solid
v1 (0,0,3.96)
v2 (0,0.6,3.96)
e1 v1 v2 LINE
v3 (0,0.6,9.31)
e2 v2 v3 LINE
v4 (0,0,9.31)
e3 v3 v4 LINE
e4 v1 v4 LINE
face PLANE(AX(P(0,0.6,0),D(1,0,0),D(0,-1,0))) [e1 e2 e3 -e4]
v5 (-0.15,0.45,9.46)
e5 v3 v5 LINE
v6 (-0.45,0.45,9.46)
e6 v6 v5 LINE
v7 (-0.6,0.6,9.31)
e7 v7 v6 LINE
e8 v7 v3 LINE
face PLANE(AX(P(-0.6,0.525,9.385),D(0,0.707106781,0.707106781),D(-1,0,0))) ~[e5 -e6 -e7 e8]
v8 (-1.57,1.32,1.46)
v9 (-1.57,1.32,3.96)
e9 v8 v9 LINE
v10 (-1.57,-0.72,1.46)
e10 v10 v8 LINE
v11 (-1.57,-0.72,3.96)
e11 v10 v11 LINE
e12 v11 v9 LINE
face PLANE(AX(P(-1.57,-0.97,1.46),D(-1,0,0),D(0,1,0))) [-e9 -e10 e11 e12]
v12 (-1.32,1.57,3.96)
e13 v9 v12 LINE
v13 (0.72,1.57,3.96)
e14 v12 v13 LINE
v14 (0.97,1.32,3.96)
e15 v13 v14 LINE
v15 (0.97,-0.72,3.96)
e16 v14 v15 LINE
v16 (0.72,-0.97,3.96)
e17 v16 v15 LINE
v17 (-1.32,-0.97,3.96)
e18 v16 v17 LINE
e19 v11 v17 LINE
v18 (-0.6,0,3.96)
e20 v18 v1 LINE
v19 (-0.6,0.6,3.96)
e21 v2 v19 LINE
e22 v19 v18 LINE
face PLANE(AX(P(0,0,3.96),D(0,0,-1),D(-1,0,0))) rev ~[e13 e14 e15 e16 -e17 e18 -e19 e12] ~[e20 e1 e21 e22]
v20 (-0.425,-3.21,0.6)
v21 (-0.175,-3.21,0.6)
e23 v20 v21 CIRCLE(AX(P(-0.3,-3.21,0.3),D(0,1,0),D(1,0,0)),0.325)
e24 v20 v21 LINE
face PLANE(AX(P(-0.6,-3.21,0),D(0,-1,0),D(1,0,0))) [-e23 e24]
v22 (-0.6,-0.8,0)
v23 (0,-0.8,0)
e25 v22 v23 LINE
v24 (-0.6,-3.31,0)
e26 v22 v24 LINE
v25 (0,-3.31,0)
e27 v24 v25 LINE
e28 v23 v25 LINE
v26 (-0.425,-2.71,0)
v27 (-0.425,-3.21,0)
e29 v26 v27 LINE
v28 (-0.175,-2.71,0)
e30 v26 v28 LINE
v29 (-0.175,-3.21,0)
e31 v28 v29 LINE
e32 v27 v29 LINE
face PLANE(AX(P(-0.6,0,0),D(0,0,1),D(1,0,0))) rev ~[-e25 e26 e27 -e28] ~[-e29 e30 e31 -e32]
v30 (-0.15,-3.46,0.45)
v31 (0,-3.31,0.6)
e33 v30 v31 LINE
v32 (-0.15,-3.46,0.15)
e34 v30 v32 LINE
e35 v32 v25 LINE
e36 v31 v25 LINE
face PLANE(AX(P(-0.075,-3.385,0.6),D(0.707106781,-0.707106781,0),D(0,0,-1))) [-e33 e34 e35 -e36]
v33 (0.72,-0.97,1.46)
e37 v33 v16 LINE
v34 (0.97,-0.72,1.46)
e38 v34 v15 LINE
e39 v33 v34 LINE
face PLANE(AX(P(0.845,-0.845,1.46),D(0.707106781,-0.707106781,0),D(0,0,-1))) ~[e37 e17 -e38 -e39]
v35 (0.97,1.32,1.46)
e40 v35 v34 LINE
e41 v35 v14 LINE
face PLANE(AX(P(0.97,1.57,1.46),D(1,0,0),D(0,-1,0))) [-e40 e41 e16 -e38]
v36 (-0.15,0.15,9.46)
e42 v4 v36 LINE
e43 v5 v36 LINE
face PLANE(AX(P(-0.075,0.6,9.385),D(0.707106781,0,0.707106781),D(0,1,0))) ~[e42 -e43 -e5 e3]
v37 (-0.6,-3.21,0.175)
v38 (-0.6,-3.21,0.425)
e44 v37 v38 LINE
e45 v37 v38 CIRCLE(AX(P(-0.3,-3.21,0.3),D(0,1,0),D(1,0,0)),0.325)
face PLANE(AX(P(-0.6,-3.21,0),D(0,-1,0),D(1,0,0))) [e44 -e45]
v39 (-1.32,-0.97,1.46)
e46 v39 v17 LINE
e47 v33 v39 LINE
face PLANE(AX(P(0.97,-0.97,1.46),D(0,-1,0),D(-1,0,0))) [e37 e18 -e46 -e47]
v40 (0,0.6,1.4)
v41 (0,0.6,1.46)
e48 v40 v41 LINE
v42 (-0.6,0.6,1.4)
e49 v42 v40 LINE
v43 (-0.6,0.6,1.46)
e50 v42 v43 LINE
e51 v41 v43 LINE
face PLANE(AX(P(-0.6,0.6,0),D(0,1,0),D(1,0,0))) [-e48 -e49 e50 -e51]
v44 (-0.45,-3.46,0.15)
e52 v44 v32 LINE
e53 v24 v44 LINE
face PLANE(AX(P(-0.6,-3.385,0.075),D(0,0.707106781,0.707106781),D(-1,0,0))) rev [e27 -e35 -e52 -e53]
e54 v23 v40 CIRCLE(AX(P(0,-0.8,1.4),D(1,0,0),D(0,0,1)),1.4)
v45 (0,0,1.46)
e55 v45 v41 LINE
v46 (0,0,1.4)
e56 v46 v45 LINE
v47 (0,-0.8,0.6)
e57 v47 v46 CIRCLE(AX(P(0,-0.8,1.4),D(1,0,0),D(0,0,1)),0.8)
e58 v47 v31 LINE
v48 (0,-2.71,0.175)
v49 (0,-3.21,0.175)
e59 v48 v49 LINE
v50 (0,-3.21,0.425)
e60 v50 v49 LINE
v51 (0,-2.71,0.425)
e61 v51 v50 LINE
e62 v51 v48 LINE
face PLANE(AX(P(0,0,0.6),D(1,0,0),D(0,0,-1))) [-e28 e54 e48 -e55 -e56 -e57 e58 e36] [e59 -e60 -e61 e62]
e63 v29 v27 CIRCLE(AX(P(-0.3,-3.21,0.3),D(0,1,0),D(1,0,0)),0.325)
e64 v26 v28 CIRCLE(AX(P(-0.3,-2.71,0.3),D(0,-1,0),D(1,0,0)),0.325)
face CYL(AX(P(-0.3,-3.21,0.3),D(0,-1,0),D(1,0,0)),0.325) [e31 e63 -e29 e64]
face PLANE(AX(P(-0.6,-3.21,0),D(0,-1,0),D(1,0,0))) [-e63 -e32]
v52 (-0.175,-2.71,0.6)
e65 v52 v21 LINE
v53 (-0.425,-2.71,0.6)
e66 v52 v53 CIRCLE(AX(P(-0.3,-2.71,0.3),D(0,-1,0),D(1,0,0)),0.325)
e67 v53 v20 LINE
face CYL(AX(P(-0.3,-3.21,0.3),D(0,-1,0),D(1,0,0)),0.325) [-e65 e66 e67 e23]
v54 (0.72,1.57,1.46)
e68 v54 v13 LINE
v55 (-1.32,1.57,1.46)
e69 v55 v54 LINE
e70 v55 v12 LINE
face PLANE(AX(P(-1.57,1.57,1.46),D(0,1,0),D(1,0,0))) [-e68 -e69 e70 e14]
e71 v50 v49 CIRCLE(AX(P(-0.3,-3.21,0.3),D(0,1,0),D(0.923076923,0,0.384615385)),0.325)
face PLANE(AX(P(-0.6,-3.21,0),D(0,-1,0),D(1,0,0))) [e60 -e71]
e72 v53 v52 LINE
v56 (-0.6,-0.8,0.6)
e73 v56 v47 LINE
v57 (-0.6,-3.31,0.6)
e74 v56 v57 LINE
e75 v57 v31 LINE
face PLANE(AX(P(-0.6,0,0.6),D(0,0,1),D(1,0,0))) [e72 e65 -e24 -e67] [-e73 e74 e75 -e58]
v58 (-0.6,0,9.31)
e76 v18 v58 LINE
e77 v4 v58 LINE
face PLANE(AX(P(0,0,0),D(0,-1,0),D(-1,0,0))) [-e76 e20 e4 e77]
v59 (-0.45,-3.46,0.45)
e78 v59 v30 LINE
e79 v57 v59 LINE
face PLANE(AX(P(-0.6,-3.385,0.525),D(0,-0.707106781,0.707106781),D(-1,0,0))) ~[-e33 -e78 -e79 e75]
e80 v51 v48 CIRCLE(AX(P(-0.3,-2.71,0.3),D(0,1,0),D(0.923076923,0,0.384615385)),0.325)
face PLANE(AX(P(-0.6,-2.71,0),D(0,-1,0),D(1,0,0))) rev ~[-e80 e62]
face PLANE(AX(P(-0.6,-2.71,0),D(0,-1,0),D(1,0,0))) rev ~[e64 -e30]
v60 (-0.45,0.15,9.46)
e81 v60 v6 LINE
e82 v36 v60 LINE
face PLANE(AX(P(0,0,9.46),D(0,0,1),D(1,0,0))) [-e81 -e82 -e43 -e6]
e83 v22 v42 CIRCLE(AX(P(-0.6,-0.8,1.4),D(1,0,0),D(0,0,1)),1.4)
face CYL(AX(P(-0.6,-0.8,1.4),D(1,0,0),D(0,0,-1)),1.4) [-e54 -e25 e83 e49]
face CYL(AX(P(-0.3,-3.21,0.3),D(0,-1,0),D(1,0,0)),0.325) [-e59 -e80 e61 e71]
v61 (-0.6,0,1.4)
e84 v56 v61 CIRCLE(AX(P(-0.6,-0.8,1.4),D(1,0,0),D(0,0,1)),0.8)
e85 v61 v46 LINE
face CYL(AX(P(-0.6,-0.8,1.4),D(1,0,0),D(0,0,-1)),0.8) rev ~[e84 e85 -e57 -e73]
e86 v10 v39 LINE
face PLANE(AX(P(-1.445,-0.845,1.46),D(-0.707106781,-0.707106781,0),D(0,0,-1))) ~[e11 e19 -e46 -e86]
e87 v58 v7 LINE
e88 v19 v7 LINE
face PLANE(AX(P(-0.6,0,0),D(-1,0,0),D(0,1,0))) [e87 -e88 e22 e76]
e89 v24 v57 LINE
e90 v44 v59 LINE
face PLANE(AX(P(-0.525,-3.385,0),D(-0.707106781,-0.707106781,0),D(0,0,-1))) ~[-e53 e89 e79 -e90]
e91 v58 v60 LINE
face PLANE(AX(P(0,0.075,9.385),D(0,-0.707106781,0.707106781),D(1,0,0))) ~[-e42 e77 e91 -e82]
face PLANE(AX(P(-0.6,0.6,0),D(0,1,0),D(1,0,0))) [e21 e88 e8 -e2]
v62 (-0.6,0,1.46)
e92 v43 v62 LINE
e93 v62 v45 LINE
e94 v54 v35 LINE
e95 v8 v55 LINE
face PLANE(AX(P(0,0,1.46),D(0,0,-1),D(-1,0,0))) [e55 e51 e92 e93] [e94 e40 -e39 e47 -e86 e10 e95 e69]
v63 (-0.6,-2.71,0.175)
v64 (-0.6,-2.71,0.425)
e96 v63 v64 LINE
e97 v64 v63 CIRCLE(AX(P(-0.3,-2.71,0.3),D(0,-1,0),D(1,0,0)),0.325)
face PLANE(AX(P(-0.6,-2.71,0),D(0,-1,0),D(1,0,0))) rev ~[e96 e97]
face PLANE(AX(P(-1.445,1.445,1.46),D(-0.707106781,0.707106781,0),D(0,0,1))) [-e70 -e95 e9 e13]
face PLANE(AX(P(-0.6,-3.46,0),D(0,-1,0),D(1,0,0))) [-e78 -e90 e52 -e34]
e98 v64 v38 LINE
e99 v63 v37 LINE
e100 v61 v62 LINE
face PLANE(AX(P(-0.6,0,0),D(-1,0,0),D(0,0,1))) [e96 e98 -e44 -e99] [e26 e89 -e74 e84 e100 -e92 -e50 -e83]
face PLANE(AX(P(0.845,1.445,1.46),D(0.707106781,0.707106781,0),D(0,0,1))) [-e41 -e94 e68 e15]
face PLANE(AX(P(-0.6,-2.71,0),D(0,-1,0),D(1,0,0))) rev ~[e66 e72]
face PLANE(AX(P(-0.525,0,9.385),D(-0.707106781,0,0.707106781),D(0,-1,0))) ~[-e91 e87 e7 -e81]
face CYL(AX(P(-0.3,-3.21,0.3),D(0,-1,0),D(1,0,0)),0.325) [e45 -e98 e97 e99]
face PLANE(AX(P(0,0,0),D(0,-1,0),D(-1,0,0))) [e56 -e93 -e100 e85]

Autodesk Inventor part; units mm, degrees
ref_plane "YZ Plane" through (0, 0, 0) normal (1, 0, 0) x (0, 1, 0)
sketch "Skizze2" plane through (0, 0, 0) normal (0, 0, 1) x (1, 0, 0)
  line L0 (0, 0) -> (-0.6, 0)
  line L1 (-0.6, 0) -> (-0.6, 0.6)
  line L2 (-0.6, 0.6) -> (0, 0.6)
  line L3 (0, 0.6) -> (0, 0)
  dimension "d0" = 0.6
  dimension "d1" = 0.6
extrude "Extrusion1" add sketch "Skizze2" along normal blind 9.46
ref_plane "Arbeitsebene1" through (0, 0, 1.46) normal (0, 0, -1) x (-1, 0, 0)
sketch "Skizze3" plane through (0, 0, 1.46) normal (0, 0, -1) x (-1, 0, 0)
  line L0 (1.57, 1.57) -> (-0.97, 1.57)
  line L1 (-0.97, 1.57) -> (-0.97, -0.97)
  line L2 (-0.97, -0.97) -> (1.57, -0.97)
  line L3 (1.57, -0.97) -> (1.57, 1.57)
  line L4 (0.6, 0) -> (0.6, 0.6) projected
  line L5 (0, 0.6) -> (0.6, 0.6) projected
  point P0 (0, 0)
  dimension "d5" = 2.54
  dimension "d6" = 2.54
  dimension "d7" = 0.97
  dimension "d8" = 0.97
extrude "Extrusion2" add sketch "Skizze3" against normal blind 2.5
chamfer "Fase1" distance 0.25 angle 45 4 edges at (0.97, -0.97, 2.71) (-1.57, -0.97, 2.71) (-1.57, 1.57, 2.71) (0.97, 1.57, 2.71)
sketch "Skizze8" plane through (-0.6, 0, 0) normal (0, -1, 0) x (1, 0, 0)
  line L0 (0, 0) -> (0.6, 0) projected
  line L1 (0, 0) -> (0, 1.46) projected
  line L2 (0.6, 0) -> (0, 0)
  line L3 (0, 0) -> (0, 0.6)
  line L4 (0, 0.6) -> (0.6, 0.6)
  line L5 (0.6, 0.6) -> (0.6, 0)
  dimension "d33" = 0.6
extrude "Extrusion6" add sketch "Skizze8" along normal blind 3.46
chamfer "Fase3" distance 0.15 angle 45 8 edges at (-0.6, 0.3, 9.46) (-0.3, 0, 9.46) (0, 0.3, 9.46) (-0.3, 0.6, 9.46) (0, -3.46, 0.3) (-0.3, -3.46, 0.6) (-0.3, -3.46, 0) (-0.6, -3.46, 0.3)
ref_plane "Arbeitsebene2" through (-0.6, -3.21, 0) normal (0, -1, 0) x (1, 0, 0)
sketch "Skizze10" plane through (-0.6, -3.21, 0) normal (0, -1, 0) x (1, 0, 0)
  circle A0 centre (0.3, 0.3) radius 0.325
  line L0 (0, 0) -> (0.6, 0) projected
  line L1 (0, 0.6) -> (0, 0) projected
  dimension "d40" = 0.65
  dimension "d41" = 0.3
  dimension "d42" = 0.3
extrude "Extrusion7" add sketch "Skizze10" against normal blind 0.5 contours A0 L0 L1 | L1 A0 | A0 L0 picked at (0.1927, 0.3972)
fillet "Rundung3" radius 1.4 1 edges at (-0.3, 0.6, 0)
fillet "Rundung4" radius 0.8 1 edges at (-0.3, 0, 0.6)
properties part number "Stiftleiste_Male_90_1"
